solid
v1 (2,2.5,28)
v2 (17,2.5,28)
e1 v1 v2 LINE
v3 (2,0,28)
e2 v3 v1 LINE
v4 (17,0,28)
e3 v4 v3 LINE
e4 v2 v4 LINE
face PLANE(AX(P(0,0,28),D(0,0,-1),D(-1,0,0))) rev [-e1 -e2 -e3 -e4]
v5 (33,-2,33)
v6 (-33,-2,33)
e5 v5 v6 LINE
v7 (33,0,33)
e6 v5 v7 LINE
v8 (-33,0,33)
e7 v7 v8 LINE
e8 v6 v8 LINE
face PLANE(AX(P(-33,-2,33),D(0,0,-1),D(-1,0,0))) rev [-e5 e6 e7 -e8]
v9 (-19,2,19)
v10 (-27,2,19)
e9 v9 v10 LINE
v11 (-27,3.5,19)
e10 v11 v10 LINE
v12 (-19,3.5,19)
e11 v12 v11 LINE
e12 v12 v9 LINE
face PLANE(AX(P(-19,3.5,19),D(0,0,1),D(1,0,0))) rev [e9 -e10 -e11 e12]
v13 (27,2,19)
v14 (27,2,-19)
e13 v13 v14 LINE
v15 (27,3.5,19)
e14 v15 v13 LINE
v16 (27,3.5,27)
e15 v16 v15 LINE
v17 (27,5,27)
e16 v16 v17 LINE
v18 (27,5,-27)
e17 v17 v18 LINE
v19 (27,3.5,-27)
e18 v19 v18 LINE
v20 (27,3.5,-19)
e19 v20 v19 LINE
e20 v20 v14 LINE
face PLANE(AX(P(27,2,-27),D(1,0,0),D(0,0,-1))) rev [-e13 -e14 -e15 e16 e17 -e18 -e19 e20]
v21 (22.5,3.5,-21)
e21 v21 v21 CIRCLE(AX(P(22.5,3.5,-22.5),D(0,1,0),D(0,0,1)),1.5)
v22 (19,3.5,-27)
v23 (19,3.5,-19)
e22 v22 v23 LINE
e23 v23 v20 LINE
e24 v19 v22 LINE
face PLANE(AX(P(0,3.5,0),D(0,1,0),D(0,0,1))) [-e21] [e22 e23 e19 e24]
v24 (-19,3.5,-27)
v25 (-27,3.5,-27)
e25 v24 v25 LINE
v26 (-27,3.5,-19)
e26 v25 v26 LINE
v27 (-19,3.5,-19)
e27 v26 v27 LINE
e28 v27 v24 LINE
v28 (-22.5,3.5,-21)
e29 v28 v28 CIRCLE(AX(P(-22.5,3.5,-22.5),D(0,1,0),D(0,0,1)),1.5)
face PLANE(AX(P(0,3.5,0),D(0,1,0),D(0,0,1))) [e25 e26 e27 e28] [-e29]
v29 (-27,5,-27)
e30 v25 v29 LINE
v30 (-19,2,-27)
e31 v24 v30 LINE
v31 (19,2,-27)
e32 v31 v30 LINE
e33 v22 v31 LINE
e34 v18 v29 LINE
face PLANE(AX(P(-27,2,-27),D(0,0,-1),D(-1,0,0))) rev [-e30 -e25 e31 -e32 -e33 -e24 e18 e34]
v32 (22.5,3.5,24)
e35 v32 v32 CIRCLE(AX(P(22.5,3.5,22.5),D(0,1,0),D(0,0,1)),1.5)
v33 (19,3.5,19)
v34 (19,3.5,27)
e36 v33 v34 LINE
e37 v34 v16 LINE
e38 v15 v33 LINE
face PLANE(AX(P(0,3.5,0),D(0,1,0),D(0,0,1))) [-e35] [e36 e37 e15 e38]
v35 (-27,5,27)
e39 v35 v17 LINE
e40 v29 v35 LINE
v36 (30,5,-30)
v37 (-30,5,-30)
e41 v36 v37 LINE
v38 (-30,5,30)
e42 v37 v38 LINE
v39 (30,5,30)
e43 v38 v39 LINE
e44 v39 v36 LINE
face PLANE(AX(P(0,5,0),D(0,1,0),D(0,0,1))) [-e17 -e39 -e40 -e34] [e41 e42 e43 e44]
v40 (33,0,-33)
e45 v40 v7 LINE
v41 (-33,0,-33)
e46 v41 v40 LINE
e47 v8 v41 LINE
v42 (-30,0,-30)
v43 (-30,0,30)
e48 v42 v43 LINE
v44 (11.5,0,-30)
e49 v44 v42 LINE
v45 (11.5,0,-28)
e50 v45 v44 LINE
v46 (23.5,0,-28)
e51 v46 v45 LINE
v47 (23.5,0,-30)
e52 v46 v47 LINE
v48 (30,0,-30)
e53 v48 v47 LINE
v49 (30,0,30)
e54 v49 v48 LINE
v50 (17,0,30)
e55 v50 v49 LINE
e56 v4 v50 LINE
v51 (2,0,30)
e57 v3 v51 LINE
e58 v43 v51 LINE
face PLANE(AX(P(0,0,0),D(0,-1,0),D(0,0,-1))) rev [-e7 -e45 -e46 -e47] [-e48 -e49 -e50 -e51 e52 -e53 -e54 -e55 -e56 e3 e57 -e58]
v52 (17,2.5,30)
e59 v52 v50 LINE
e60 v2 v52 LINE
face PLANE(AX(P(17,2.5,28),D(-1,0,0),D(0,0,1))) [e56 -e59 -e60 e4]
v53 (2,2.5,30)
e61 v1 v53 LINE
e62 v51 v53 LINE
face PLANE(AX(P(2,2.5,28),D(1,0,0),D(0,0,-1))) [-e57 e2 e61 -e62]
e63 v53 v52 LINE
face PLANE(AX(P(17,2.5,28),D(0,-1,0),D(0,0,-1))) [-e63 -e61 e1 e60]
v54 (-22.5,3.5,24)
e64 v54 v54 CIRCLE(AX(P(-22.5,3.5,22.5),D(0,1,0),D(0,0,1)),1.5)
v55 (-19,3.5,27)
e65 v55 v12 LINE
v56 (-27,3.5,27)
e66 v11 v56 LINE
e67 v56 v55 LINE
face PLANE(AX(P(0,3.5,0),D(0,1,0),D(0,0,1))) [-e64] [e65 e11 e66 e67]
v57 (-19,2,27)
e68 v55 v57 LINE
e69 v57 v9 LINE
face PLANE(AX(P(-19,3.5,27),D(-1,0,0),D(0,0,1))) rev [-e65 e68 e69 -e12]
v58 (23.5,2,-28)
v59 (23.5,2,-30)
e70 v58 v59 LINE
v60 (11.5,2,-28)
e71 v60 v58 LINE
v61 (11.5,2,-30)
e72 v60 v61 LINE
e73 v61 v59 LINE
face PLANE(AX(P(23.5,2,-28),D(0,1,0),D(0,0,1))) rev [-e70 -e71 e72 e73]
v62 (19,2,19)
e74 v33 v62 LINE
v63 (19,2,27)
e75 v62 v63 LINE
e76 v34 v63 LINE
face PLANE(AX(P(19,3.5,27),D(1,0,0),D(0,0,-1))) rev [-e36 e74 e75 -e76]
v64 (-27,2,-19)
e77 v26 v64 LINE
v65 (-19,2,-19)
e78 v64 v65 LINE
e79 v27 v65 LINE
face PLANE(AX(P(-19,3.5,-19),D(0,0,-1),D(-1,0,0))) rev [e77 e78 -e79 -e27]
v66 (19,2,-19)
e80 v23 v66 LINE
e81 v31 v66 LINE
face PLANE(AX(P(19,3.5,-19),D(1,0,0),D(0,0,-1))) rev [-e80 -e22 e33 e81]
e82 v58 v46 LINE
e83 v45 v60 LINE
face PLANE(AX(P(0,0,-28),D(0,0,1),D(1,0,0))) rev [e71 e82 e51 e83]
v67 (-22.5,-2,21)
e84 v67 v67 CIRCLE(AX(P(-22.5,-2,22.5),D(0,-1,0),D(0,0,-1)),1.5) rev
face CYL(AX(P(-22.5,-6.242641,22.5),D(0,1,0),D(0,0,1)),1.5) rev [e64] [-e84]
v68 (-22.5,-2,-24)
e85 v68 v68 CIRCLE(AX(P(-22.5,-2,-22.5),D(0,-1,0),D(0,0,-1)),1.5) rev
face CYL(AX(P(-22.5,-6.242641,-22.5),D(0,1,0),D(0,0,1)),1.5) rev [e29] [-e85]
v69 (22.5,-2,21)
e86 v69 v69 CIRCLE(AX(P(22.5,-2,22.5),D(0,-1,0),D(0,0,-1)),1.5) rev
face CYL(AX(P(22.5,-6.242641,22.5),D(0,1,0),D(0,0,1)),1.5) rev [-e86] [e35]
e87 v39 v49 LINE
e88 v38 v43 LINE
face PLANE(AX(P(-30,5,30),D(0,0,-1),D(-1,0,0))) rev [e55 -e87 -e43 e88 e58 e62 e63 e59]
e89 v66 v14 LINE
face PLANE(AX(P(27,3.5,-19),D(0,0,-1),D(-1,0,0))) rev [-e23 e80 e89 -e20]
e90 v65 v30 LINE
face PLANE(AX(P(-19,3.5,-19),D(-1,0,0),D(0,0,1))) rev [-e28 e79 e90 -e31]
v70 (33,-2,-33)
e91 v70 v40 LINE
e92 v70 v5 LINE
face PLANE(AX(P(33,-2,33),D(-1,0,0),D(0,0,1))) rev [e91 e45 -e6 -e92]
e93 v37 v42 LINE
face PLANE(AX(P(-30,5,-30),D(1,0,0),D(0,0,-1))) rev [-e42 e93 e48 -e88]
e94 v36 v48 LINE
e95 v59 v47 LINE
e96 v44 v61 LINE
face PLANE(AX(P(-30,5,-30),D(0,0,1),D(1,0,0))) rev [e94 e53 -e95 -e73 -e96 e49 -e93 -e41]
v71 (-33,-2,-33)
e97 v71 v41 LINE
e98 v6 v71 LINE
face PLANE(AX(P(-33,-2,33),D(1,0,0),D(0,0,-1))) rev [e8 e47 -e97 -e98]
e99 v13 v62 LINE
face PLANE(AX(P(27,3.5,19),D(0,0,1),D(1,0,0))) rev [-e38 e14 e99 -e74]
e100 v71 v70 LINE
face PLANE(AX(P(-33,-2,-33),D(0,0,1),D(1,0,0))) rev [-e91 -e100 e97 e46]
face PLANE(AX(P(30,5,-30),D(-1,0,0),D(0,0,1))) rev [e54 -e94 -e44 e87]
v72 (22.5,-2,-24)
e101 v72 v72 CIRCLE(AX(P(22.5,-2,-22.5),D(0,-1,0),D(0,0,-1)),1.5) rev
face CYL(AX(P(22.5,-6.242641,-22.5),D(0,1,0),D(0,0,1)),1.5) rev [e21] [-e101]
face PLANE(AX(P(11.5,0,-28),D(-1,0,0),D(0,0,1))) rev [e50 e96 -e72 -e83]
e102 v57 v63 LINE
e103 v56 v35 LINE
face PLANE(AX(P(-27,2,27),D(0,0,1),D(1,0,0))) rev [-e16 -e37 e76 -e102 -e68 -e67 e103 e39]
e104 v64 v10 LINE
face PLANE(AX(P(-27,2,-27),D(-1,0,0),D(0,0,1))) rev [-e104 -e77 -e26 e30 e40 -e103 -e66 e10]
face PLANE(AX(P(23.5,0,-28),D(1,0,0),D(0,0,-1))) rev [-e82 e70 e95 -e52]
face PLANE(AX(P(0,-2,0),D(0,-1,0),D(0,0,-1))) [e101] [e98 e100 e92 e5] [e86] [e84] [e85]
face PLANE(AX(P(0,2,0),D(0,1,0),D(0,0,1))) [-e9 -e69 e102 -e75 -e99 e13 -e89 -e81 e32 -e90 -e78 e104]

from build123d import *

# Parameters (mm, degrees)
SKETCH1_W           = 60
SKETCH1_H           = 60
BOSS_EXTRUDE1_DEPTH = 5
SKETCH2_W           = 54
SKETCH2_H           = 54
CUT_EXTRUDE1_DEPTH  = 3
SKETCH5_W           = 15
SKETCH5_H           = 2.5
CUT_EXTRUDE3_DEPTH  = 2
SKETCH6_W           = 12
SKETCH6_H           = 2
CUT_EXTRUDE4_DEPTH  = 2
SKETCH7_W           = 66
SKETCH7_H           = 66
BOSS_EXTRUDE3_DEPTH = 2
SKETCH4_W           = 8
SKETCH4_H           = 8
BOSS_EXTRUDE2_DEPTH = 1.5
SKETCH3_R           = 1.5
CUT_EXTRUDE2_DEPTH  = 5.5


with BuildPart() as part:
    # Sketch1 → Boss-Extrude1 (new body)
    with BuildSketch(Plane(origin=(0, 0, 0), x_dir=(1, 0, 0), z_dir=(0, 1, 0))):
        Rectangle(SKETCH1_W, SKETCH1_H)
    extrude(amount=BOSS_EXTRUDE1_DEPTH)

    # Sketch2 → Cut-Extrude1 (cut)
    with BuildSketch(Plane(origin=(0, 5, 0), x_dir=(1, 0, 0), z_dir=(0, 1, 0))):
        Rectangle(SKETCH2_W, SKETCH2_H)
    extrude(amount=-CUT_EXTRUDE1_DEPTH, mode=Mode.SUBTRACT)

    # Sketch5 → Cut-Extrude3 (cut)
    with BuildSketch(Plane(origin=(0, 0, 30), x_dir=(-1, 0, 0), z_dir=(0, 0, -1))):
        with Locations((-9.5, 1.25)):
            Rectangle(SKETCH5_W, SKETCH5_H)
    extrude(amount=CUT_EXTRUDE3_DEPTH, mode=Mode.SUBTRACT)

    # Sketch6 → Cut-Extrude4 (cut)
    with BuildSketch(Plane(origin=(0, 0, -30), x_dir=(-1, 0, 0), z_dir=(0, 0, -1))):
        with Locations((-17.5, 1)):
            Rectangle(SKETCH6_W, SKETCH6_H)
    extrude(amount=-CUT_EXTRUDE4_DEPTH, mode=Mode.SUBTRACT)

    # Sketch7 → Boss-Extrude3 (add)
    with BuildSketch(Plane.XZ):
        Rectangle(SKETCH7_W, SKETCH7_H)
    extrude(amount=BOSS_EXTRUDE3_DEPTH)

    # Sketch4 → Boss-Extrude2 (add)
    with BuildSketch(Plane(origin=(0, 2, 0), x_dir=(1, 0, 0), z_dir=(0, 1, 0))):
        with Locations((23, 23)):
            Rectangle(SKETCH4_W, SKETCH4_H)
        with Locations((-23, 23)):
            Rectangle(SKETCH4_W, SKETCH4_H)
        with Locations((23, -23)):
            Rectangle(SKETCH4_W, SKETCH4_H)
        with Locations((-23, -23)):
            Rectangle(SKETCH4_W, SKETCH4_H)
    extrude(amount=BOSS_EXTRUDE2_DEPTH)

    # Sketch3 → Cut-Extrude2 (cut)
    with BuildSketch(Plane(origin=(0, 3.5, 0), x_dir=(1, 0, 0), z_dir=(0, 1, 0))):
        with Locations(Location((-22.5, 22.5, 0), (0, 0, 270))):
            Circle(SKETCH3_R)
        with Locations(Location((22.5, 22.5, 0), (0, 0, 270))):
            Circle(SKETCH3_R)
        with Locations(Location((22.5, -22.5, 0), (0, 0, 270))):
            Circle(SKETCH3_R)
        with Locations(Location((-22.5, -22.5, 0), (0, 0, 270))):
            Circle(SKETCH3_R)
    extrude(amount=-CUT_EXTRUDE2_DEPTH, mode=Mode.SUBTRACT)


solid = part.part
